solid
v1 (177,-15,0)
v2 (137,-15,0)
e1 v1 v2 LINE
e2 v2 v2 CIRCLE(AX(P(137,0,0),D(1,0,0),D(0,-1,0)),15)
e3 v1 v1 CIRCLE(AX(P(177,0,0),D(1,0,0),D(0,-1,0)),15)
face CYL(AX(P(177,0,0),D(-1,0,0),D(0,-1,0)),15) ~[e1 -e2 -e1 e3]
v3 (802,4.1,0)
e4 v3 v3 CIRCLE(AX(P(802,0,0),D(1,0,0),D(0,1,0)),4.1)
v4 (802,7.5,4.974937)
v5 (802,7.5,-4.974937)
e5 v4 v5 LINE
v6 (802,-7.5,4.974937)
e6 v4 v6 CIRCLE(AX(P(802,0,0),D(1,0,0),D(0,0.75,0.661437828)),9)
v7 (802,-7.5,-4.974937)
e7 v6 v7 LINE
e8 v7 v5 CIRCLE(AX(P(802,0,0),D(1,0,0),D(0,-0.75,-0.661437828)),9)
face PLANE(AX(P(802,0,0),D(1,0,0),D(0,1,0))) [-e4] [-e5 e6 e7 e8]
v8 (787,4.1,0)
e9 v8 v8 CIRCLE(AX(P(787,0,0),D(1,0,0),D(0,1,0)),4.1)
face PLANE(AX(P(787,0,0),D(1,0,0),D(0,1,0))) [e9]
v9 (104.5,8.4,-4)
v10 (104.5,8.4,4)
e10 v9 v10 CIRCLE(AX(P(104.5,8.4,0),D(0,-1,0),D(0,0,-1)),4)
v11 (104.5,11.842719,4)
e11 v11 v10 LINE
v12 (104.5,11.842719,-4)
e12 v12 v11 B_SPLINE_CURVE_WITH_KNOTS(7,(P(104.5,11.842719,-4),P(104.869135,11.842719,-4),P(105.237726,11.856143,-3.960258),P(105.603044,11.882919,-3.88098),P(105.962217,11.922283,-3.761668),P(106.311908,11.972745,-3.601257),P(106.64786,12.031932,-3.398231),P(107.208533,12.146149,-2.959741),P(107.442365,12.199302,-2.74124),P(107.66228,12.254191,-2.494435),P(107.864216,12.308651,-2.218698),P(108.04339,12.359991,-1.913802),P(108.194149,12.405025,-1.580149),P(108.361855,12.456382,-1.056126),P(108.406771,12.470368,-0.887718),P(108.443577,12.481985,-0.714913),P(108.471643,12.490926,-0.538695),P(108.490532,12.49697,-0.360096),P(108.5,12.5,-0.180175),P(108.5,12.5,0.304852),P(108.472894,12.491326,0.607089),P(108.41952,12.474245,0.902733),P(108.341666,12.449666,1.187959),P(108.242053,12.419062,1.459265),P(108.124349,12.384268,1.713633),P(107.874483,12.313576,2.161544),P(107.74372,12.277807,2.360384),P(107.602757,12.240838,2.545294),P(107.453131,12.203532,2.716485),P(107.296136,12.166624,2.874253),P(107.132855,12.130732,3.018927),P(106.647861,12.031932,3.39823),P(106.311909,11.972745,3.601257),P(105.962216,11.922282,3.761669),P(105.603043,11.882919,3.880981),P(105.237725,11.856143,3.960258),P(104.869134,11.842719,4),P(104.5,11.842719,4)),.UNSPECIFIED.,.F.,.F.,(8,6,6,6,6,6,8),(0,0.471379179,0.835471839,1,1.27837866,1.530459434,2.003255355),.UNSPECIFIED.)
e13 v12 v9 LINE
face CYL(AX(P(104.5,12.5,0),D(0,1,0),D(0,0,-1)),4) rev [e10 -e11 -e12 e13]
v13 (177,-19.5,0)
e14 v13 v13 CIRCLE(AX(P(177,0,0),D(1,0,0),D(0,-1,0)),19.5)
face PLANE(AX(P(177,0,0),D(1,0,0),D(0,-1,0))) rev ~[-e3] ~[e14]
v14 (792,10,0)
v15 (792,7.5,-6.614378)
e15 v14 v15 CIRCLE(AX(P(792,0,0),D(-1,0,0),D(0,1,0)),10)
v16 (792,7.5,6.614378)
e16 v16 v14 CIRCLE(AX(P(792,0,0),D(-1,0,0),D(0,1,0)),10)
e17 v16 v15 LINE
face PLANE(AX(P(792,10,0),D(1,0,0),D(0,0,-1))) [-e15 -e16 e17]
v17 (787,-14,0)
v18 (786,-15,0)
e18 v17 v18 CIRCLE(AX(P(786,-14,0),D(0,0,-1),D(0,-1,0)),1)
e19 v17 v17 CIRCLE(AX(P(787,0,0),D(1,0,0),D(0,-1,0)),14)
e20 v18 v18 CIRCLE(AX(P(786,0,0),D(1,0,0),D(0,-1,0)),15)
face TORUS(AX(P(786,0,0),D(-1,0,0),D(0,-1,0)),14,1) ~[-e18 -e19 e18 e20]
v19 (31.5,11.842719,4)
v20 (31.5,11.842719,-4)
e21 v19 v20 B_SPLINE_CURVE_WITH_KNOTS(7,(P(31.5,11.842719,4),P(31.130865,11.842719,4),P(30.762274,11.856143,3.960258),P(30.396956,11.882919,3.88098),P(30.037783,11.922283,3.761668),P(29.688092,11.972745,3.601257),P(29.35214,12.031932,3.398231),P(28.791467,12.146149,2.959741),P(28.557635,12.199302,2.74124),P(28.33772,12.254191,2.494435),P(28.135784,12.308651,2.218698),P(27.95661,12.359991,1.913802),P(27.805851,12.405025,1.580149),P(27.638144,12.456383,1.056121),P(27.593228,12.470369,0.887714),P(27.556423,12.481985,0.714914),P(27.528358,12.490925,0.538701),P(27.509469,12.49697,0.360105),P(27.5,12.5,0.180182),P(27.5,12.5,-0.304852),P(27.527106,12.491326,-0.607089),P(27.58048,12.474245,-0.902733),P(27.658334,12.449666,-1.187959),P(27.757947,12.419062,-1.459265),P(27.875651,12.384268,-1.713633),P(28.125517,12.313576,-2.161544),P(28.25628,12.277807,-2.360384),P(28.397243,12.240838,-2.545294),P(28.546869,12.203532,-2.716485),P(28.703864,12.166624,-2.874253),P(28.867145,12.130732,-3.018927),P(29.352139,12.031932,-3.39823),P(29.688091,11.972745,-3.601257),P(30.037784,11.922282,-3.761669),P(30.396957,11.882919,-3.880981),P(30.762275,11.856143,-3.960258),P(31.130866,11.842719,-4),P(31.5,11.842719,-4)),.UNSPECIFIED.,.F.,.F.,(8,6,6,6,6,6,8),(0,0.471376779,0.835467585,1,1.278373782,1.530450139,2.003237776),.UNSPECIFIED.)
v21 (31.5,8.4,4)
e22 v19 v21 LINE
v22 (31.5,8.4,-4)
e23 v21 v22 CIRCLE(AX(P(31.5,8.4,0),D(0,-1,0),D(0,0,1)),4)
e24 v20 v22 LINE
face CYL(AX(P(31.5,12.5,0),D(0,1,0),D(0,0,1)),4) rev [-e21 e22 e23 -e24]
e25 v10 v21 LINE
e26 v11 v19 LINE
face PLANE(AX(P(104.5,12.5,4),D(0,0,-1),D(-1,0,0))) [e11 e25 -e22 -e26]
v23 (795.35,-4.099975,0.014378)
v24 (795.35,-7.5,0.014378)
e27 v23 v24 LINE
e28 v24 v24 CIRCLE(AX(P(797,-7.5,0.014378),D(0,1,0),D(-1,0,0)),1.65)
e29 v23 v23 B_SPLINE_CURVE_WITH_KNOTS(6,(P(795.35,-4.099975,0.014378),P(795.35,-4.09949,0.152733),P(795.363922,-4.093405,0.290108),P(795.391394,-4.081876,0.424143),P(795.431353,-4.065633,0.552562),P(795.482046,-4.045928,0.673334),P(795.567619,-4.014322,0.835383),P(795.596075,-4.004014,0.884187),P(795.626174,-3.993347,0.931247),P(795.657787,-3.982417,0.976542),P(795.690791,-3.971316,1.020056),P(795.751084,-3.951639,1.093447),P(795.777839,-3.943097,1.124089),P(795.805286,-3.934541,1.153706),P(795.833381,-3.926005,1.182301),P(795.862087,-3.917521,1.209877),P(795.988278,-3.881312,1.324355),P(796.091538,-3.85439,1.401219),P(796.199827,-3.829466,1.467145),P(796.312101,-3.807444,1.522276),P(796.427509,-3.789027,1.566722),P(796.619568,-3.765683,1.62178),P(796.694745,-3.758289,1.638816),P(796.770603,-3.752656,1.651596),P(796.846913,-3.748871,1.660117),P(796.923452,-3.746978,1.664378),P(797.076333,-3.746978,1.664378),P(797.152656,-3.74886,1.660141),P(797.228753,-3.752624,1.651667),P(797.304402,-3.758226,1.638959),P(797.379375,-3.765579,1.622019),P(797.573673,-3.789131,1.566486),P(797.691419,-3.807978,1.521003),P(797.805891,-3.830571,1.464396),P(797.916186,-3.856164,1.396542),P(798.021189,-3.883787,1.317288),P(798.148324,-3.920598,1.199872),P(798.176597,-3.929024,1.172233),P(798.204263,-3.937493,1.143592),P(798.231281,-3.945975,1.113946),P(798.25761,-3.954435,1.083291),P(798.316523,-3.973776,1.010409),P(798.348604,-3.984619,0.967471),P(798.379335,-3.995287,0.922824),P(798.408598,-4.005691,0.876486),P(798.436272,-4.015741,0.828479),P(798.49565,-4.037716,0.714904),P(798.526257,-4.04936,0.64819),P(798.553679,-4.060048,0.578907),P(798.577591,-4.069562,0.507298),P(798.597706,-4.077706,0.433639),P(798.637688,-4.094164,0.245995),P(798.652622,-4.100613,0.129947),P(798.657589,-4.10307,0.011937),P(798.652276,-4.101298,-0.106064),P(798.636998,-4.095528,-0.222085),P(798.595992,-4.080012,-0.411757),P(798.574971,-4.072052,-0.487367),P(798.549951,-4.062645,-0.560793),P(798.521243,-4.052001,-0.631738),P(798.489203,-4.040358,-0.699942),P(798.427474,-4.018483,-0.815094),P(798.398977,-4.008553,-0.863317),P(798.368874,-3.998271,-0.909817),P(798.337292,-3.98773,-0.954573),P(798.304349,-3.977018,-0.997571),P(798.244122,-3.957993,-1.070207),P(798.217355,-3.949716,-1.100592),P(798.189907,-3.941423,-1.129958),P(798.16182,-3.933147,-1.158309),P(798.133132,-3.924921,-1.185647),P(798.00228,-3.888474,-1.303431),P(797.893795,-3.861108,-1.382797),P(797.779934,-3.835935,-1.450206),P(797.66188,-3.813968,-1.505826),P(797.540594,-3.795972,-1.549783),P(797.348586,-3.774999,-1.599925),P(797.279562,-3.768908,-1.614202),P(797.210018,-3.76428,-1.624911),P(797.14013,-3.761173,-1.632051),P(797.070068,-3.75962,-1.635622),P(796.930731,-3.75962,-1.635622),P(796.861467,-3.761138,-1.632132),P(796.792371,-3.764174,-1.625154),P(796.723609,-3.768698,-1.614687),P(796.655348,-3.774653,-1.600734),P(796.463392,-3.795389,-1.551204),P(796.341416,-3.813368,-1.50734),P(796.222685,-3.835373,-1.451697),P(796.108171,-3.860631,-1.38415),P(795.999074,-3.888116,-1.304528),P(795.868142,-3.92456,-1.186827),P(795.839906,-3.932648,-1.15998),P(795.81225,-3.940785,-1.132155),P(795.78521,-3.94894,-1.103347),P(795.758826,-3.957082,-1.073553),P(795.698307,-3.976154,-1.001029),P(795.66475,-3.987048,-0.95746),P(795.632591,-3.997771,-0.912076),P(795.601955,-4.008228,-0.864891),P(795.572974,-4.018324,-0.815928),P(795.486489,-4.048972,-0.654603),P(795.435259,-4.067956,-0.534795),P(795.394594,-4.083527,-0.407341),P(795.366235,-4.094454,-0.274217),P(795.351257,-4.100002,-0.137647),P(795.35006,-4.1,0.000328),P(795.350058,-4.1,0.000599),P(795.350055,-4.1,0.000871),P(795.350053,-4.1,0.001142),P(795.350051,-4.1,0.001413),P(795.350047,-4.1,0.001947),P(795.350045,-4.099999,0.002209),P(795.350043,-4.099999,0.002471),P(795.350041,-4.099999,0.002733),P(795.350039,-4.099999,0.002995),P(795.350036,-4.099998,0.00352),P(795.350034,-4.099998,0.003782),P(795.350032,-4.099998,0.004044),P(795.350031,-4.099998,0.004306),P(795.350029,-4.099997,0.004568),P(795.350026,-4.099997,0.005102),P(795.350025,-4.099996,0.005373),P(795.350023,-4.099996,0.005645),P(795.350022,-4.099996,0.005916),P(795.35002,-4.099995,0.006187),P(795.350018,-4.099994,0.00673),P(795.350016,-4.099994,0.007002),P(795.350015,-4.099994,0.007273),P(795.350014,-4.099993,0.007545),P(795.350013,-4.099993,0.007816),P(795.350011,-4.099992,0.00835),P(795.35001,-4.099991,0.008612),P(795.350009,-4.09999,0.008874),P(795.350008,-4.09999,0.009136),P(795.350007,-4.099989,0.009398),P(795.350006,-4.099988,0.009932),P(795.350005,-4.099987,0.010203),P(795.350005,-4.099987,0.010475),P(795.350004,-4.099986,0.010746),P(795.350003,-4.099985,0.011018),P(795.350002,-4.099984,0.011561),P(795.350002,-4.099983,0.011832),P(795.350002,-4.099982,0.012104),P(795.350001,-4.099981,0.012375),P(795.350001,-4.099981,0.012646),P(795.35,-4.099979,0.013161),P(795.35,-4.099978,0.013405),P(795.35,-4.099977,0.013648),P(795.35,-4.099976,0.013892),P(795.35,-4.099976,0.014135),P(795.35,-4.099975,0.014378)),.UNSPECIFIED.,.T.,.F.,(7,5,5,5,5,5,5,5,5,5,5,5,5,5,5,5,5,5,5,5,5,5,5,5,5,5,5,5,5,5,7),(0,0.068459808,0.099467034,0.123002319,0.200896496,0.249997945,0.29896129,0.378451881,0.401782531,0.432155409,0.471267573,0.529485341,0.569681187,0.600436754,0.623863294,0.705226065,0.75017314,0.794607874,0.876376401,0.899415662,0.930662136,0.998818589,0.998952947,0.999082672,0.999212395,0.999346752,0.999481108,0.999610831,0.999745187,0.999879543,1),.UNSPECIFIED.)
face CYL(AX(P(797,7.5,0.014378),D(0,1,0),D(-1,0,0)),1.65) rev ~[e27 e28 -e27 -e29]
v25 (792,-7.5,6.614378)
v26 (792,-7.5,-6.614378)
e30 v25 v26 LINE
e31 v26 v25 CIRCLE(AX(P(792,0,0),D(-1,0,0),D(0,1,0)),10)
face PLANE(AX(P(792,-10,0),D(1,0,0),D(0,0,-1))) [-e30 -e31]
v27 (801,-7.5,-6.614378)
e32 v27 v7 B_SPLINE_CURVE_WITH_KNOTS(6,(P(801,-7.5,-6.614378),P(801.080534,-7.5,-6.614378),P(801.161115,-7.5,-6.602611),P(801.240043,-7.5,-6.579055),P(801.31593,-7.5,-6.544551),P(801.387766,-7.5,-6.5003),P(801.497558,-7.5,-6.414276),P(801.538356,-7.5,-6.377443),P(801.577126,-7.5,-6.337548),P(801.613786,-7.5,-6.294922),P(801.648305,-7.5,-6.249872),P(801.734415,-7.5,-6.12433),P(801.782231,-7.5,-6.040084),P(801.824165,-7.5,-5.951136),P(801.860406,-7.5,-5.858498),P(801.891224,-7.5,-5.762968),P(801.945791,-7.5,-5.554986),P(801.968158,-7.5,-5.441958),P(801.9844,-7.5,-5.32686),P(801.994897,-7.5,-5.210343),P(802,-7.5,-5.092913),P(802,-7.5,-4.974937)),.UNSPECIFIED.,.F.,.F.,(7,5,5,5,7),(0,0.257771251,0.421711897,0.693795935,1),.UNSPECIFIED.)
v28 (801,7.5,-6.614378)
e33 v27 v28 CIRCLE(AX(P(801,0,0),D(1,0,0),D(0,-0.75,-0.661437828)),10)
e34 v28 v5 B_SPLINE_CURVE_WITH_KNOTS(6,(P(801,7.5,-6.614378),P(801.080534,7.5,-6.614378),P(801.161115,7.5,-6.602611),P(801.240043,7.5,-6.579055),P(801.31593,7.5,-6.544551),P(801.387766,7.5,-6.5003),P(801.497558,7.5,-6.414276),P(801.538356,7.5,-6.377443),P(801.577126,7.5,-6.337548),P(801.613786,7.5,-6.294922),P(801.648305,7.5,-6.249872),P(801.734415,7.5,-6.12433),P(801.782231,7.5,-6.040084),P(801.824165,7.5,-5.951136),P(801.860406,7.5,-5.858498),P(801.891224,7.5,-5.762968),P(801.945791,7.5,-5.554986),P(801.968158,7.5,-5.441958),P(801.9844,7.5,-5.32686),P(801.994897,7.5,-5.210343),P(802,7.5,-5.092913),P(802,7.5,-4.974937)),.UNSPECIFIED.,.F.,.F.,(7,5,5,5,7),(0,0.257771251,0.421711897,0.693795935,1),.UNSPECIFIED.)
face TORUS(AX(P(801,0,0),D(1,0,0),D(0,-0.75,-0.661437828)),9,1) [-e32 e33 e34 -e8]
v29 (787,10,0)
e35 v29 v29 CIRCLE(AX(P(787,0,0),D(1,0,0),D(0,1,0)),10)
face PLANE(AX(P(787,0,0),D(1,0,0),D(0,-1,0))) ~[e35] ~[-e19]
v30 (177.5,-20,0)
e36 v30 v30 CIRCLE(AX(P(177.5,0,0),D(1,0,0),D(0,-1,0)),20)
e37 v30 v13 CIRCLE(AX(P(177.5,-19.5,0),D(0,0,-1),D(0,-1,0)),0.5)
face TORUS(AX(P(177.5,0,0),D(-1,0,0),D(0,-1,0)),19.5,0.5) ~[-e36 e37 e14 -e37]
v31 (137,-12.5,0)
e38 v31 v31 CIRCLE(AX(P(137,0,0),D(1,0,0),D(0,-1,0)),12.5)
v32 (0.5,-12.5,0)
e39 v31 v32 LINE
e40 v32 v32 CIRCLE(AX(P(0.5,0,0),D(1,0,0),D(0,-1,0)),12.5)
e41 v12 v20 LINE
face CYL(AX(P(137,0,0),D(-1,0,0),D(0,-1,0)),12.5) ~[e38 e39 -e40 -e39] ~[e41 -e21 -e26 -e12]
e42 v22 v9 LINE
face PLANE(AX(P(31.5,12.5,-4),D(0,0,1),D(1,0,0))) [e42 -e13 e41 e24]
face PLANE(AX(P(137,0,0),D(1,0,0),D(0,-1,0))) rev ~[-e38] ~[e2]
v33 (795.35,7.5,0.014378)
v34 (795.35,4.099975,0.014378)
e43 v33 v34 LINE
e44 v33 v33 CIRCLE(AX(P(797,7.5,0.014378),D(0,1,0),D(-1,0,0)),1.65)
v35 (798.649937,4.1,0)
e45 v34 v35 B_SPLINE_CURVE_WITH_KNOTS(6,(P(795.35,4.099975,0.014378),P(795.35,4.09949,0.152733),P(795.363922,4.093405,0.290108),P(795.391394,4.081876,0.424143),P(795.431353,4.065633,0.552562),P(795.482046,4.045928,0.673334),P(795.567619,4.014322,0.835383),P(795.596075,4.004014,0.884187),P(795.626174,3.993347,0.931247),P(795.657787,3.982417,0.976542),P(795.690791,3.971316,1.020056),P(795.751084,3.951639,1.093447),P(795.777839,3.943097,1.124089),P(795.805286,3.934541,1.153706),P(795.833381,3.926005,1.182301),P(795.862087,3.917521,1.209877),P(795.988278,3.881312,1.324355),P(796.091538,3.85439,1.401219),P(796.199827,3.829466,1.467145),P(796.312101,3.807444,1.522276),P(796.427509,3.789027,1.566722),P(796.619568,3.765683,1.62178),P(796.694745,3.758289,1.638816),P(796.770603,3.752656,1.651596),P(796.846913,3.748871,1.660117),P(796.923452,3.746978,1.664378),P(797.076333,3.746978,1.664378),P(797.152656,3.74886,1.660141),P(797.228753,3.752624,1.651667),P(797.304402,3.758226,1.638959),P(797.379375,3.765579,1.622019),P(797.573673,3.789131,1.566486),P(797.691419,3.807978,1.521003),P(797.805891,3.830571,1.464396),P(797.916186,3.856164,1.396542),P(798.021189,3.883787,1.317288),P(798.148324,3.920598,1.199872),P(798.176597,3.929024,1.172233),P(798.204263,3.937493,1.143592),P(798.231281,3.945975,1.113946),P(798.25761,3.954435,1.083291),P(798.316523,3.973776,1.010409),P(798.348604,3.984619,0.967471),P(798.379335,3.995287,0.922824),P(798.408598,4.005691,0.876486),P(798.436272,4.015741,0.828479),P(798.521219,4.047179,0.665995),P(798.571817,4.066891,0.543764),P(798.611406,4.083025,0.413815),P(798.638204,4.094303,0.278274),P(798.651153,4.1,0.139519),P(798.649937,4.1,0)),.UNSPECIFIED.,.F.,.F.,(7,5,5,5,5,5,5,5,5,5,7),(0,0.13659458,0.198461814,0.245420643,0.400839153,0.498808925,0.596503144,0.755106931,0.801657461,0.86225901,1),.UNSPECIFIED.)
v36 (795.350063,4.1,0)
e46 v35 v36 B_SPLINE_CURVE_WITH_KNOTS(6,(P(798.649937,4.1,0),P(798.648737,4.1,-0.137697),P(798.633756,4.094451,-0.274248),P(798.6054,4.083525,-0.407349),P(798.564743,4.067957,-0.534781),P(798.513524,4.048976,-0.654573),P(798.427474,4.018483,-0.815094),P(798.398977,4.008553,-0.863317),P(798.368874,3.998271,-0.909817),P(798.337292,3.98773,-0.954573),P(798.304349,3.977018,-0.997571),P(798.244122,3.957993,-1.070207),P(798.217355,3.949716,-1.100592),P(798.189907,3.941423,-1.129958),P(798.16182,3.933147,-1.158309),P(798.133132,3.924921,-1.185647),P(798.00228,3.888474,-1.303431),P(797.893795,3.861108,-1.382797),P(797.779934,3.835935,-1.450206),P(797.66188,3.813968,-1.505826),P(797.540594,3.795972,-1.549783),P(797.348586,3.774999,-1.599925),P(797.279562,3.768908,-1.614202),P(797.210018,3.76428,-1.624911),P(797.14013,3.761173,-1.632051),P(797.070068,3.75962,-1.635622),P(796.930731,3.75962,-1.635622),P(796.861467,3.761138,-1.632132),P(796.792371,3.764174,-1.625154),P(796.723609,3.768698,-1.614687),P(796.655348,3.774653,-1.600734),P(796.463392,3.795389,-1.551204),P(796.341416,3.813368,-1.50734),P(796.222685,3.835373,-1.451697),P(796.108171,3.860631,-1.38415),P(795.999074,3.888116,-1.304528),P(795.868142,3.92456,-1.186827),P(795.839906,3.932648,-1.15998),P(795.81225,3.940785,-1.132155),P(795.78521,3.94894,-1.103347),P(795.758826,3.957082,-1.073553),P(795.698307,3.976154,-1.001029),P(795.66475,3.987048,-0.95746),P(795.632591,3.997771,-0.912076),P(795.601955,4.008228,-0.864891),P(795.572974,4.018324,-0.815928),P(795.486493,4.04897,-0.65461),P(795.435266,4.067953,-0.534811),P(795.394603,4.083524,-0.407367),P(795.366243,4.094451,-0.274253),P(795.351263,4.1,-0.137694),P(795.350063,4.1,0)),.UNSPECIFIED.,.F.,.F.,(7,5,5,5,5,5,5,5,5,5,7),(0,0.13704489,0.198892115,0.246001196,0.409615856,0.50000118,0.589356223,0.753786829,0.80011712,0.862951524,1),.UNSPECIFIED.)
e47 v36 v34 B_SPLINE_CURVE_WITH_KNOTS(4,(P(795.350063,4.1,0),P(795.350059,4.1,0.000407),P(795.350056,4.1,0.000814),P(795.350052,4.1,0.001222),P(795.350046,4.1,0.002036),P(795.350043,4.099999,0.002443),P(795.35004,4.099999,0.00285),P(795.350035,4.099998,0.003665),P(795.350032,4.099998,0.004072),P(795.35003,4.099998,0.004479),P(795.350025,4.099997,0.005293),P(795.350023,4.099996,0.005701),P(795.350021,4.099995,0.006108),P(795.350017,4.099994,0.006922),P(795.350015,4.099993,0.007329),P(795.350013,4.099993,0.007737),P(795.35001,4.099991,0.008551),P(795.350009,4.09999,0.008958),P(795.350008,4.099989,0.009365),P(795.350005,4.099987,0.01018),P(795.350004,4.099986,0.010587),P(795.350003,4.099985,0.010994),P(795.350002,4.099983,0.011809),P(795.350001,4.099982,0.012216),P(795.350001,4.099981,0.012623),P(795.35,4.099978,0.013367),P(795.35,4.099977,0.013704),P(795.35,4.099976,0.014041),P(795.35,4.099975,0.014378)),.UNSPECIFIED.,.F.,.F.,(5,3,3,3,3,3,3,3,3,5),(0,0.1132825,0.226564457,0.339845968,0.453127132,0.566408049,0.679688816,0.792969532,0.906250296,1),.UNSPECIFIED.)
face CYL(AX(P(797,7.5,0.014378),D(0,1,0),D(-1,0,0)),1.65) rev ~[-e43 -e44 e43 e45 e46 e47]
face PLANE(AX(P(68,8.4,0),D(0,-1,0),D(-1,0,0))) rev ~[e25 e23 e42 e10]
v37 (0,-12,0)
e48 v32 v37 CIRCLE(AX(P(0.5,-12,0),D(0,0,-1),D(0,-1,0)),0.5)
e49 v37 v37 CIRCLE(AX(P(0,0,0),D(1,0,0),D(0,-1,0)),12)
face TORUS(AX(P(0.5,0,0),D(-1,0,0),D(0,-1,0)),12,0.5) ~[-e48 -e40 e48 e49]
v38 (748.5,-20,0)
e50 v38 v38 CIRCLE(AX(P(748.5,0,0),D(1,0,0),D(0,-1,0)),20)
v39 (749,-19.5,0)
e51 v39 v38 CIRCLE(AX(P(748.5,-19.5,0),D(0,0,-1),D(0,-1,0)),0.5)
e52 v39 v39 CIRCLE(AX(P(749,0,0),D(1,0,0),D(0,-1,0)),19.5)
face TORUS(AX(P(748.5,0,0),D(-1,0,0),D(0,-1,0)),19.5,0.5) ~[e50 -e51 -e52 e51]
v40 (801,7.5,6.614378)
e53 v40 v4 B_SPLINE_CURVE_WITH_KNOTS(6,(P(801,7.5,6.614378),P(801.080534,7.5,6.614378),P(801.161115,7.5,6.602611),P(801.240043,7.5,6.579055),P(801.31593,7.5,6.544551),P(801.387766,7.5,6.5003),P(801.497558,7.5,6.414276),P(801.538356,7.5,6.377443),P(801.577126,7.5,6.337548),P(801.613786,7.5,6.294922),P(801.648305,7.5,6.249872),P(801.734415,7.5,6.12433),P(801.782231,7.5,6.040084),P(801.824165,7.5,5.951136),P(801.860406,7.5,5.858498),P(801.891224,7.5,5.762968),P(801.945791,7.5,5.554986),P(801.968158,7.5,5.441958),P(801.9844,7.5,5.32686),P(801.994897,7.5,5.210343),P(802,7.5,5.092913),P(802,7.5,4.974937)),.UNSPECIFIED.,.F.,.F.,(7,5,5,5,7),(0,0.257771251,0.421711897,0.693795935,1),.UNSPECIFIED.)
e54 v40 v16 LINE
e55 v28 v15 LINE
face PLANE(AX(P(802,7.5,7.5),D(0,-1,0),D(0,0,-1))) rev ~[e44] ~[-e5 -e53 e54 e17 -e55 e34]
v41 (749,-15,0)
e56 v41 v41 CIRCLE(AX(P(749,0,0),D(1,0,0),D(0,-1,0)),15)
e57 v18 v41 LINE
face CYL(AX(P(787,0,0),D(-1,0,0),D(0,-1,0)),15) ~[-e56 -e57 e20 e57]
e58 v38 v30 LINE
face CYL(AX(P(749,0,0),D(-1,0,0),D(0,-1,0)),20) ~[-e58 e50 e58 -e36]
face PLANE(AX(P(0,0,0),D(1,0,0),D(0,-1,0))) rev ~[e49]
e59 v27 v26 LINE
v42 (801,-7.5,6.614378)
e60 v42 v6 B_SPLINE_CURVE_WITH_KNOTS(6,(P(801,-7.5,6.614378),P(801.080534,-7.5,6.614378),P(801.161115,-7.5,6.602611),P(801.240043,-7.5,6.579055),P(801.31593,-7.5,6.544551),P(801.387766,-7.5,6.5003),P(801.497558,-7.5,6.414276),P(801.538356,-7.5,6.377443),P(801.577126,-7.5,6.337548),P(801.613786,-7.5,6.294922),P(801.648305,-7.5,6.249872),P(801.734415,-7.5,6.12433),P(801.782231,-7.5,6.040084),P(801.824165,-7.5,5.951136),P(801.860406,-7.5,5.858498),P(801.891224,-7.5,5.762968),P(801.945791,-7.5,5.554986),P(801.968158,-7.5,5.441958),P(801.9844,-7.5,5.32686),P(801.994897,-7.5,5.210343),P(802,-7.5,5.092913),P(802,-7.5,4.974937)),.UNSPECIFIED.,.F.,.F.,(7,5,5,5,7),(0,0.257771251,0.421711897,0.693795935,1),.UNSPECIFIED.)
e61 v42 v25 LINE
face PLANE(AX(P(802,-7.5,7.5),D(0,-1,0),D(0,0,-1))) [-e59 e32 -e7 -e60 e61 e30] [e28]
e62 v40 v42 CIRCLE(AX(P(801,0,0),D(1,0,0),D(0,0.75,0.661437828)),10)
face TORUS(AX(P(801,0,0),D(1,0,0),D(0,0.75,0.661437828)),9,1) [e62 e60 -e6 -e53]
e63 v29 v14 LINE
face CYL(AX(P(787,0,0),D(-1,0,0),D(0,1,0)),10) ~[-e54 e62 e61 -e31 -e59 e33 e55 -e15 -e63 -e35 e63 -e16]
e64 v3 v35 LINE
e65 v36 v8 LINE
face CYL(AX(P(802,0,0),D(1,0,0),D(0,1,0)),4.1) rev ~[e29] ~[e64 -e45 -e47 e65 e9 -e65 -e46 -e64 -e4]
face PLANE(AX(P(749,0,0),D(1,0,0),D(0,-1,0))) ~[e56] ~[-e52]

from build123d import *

# Parameters (mm, degrees)
IZIM3_R                     = 10
Y_KSEKLIK_EKSTR_ZYON2_DEPTH = 15
IZIM4_R                     = 4.1
KES_EKSTR_ZYON1_DEPTH       = 15
IZIM5_W                     = 15
IZIM5_H                     = 5
KES_EKSTR_ZYON2_DEPTH       = 10
IZIM6_R                     = 1.65
KES_EKSTR_ZYON3_DEPTH       = 21
RADYUS1_R                   = 1
KES_EKSTR_ZYON4_DEPTH       = 4.1
RADYUS2_R                   = 0.5


with BuildPart() as part:
    # Çizim1 → Döndür1 (revolve)
    with BuildSketch(Plane.XY, mode=Mode.PRIVATE) as d_nd_r1_sk:
        Polygon((0, 0), (787, 0), (787, 15), (749, 15), (749, 20), (177, 20), (177, 15), (137, 15), (137, 12.5), (0, 12.5), align=None)
    revolve(d_nd_r1_sk.sketch.rotate(Axis((0, 0, 0), (1, 0, 0)), 180), axis=Axis((0, 0, 0), (1, 0, 0)))

    # Çizim3 → Yükseklik-Ekstrüzyon2 (add)
    with BuildSketch(Plane(origin=(787, 0, 0), x_dir=(0, 0, -1), z_dir=(1, 0, 0))):
        with Locations(Location((0, 0, 0), (0, 0, 90))):
            Circle(IZIM3_R)
    extrude(amount=Y_KSEKLIK_EKSTR_ZYON2_DEPTH)

    # Çizim4 → Kes-Ekstrüzyon1 (cut)
    with BuildSketch(Plane(origin=(802, 0, 0), x_dir=(0, 0, -1), z_dir=(1, 0, 0))):
        with Locations(Location((0, 0, 0), (0, 0, 90))):
            Circle(IZIM4_R)
    extrude(amount=-KES_EKSTR_ZYON1_DEPTH, mode=Mode.SUBTRACT)

    # Çizim5 → Kes-Ekstrüzyon2 (cut)
    with BuildSketch(Plane(origin=(802, 0, 0), x_dir=(0, 0, -1), z_dir=(1, 0, 0))):
        with Locations((0, 10)):
            Rectangle(IZIM5_W, IZIM5_H)
        with Locations((0, -10)):
            Rectangle(IZIM5_W, IZIM5_H)
    extrude(amount=-KES_EKSTR_ZYON2_DEPTH, mode=Mode.SUBTRACT)

    # Çizim6 → Kes-Ekstrüzyon3 (cut)
    with BuildSketch(Plane(origin=(0, 7.5, 0), x_dir=(1, 0, 0), z_dir=(0, 1, 0))):
        with Locations(Location((797, -0.014378278, 0), (0, 0, 180))):
            Circle(IZIM6_R)
    extrude(amount=-KES_EKSTR_ZYON3_DEPTH, mode=Mode.SUBTRACT)

    # Radyus1
    radyus1_edges = [part.edges().sort_by_distance(p)[0] for p in [
        (787, 15, 0),
        (802, 0, 10),
        (802, 0, -10),
    ]]
    fillet(radyus1_edges, radius=RADYUS1_R)

    # Çizim7 → Kes-Ekstrüzyon4 (cut)
    with BuildSketch(Plane(origin=(0, 12.5, 0), x_dir=(1, 0, 0), z_dir=(0, 1, 0))):
        with BuildLine():
            Line((31.5, 4), (104.5, 4))
            ThreePointArc((104.5, 4), (108.5, 0), (104.5, -4))
            Line((104.5, -4), (31.5, -4))
            ThreePointArc((31.5, -4), (27.5, 0), (31.5, 4))
        make_face()
    extrude(amount=-KES_EKSTR_ZYON4_DEPTH, mode=Mode.SUBTRACT)

    # Radyus2
    radyus2_edges = [part.edges().sort_by_distance(p)[0] for p in [
        (749, 20, 0),
        (0, 12.5, 0),
        (177, 20, 0),
    ]]
    fillet(radyus2_edges, radius=RADYUS2_R)


solid = part.part
